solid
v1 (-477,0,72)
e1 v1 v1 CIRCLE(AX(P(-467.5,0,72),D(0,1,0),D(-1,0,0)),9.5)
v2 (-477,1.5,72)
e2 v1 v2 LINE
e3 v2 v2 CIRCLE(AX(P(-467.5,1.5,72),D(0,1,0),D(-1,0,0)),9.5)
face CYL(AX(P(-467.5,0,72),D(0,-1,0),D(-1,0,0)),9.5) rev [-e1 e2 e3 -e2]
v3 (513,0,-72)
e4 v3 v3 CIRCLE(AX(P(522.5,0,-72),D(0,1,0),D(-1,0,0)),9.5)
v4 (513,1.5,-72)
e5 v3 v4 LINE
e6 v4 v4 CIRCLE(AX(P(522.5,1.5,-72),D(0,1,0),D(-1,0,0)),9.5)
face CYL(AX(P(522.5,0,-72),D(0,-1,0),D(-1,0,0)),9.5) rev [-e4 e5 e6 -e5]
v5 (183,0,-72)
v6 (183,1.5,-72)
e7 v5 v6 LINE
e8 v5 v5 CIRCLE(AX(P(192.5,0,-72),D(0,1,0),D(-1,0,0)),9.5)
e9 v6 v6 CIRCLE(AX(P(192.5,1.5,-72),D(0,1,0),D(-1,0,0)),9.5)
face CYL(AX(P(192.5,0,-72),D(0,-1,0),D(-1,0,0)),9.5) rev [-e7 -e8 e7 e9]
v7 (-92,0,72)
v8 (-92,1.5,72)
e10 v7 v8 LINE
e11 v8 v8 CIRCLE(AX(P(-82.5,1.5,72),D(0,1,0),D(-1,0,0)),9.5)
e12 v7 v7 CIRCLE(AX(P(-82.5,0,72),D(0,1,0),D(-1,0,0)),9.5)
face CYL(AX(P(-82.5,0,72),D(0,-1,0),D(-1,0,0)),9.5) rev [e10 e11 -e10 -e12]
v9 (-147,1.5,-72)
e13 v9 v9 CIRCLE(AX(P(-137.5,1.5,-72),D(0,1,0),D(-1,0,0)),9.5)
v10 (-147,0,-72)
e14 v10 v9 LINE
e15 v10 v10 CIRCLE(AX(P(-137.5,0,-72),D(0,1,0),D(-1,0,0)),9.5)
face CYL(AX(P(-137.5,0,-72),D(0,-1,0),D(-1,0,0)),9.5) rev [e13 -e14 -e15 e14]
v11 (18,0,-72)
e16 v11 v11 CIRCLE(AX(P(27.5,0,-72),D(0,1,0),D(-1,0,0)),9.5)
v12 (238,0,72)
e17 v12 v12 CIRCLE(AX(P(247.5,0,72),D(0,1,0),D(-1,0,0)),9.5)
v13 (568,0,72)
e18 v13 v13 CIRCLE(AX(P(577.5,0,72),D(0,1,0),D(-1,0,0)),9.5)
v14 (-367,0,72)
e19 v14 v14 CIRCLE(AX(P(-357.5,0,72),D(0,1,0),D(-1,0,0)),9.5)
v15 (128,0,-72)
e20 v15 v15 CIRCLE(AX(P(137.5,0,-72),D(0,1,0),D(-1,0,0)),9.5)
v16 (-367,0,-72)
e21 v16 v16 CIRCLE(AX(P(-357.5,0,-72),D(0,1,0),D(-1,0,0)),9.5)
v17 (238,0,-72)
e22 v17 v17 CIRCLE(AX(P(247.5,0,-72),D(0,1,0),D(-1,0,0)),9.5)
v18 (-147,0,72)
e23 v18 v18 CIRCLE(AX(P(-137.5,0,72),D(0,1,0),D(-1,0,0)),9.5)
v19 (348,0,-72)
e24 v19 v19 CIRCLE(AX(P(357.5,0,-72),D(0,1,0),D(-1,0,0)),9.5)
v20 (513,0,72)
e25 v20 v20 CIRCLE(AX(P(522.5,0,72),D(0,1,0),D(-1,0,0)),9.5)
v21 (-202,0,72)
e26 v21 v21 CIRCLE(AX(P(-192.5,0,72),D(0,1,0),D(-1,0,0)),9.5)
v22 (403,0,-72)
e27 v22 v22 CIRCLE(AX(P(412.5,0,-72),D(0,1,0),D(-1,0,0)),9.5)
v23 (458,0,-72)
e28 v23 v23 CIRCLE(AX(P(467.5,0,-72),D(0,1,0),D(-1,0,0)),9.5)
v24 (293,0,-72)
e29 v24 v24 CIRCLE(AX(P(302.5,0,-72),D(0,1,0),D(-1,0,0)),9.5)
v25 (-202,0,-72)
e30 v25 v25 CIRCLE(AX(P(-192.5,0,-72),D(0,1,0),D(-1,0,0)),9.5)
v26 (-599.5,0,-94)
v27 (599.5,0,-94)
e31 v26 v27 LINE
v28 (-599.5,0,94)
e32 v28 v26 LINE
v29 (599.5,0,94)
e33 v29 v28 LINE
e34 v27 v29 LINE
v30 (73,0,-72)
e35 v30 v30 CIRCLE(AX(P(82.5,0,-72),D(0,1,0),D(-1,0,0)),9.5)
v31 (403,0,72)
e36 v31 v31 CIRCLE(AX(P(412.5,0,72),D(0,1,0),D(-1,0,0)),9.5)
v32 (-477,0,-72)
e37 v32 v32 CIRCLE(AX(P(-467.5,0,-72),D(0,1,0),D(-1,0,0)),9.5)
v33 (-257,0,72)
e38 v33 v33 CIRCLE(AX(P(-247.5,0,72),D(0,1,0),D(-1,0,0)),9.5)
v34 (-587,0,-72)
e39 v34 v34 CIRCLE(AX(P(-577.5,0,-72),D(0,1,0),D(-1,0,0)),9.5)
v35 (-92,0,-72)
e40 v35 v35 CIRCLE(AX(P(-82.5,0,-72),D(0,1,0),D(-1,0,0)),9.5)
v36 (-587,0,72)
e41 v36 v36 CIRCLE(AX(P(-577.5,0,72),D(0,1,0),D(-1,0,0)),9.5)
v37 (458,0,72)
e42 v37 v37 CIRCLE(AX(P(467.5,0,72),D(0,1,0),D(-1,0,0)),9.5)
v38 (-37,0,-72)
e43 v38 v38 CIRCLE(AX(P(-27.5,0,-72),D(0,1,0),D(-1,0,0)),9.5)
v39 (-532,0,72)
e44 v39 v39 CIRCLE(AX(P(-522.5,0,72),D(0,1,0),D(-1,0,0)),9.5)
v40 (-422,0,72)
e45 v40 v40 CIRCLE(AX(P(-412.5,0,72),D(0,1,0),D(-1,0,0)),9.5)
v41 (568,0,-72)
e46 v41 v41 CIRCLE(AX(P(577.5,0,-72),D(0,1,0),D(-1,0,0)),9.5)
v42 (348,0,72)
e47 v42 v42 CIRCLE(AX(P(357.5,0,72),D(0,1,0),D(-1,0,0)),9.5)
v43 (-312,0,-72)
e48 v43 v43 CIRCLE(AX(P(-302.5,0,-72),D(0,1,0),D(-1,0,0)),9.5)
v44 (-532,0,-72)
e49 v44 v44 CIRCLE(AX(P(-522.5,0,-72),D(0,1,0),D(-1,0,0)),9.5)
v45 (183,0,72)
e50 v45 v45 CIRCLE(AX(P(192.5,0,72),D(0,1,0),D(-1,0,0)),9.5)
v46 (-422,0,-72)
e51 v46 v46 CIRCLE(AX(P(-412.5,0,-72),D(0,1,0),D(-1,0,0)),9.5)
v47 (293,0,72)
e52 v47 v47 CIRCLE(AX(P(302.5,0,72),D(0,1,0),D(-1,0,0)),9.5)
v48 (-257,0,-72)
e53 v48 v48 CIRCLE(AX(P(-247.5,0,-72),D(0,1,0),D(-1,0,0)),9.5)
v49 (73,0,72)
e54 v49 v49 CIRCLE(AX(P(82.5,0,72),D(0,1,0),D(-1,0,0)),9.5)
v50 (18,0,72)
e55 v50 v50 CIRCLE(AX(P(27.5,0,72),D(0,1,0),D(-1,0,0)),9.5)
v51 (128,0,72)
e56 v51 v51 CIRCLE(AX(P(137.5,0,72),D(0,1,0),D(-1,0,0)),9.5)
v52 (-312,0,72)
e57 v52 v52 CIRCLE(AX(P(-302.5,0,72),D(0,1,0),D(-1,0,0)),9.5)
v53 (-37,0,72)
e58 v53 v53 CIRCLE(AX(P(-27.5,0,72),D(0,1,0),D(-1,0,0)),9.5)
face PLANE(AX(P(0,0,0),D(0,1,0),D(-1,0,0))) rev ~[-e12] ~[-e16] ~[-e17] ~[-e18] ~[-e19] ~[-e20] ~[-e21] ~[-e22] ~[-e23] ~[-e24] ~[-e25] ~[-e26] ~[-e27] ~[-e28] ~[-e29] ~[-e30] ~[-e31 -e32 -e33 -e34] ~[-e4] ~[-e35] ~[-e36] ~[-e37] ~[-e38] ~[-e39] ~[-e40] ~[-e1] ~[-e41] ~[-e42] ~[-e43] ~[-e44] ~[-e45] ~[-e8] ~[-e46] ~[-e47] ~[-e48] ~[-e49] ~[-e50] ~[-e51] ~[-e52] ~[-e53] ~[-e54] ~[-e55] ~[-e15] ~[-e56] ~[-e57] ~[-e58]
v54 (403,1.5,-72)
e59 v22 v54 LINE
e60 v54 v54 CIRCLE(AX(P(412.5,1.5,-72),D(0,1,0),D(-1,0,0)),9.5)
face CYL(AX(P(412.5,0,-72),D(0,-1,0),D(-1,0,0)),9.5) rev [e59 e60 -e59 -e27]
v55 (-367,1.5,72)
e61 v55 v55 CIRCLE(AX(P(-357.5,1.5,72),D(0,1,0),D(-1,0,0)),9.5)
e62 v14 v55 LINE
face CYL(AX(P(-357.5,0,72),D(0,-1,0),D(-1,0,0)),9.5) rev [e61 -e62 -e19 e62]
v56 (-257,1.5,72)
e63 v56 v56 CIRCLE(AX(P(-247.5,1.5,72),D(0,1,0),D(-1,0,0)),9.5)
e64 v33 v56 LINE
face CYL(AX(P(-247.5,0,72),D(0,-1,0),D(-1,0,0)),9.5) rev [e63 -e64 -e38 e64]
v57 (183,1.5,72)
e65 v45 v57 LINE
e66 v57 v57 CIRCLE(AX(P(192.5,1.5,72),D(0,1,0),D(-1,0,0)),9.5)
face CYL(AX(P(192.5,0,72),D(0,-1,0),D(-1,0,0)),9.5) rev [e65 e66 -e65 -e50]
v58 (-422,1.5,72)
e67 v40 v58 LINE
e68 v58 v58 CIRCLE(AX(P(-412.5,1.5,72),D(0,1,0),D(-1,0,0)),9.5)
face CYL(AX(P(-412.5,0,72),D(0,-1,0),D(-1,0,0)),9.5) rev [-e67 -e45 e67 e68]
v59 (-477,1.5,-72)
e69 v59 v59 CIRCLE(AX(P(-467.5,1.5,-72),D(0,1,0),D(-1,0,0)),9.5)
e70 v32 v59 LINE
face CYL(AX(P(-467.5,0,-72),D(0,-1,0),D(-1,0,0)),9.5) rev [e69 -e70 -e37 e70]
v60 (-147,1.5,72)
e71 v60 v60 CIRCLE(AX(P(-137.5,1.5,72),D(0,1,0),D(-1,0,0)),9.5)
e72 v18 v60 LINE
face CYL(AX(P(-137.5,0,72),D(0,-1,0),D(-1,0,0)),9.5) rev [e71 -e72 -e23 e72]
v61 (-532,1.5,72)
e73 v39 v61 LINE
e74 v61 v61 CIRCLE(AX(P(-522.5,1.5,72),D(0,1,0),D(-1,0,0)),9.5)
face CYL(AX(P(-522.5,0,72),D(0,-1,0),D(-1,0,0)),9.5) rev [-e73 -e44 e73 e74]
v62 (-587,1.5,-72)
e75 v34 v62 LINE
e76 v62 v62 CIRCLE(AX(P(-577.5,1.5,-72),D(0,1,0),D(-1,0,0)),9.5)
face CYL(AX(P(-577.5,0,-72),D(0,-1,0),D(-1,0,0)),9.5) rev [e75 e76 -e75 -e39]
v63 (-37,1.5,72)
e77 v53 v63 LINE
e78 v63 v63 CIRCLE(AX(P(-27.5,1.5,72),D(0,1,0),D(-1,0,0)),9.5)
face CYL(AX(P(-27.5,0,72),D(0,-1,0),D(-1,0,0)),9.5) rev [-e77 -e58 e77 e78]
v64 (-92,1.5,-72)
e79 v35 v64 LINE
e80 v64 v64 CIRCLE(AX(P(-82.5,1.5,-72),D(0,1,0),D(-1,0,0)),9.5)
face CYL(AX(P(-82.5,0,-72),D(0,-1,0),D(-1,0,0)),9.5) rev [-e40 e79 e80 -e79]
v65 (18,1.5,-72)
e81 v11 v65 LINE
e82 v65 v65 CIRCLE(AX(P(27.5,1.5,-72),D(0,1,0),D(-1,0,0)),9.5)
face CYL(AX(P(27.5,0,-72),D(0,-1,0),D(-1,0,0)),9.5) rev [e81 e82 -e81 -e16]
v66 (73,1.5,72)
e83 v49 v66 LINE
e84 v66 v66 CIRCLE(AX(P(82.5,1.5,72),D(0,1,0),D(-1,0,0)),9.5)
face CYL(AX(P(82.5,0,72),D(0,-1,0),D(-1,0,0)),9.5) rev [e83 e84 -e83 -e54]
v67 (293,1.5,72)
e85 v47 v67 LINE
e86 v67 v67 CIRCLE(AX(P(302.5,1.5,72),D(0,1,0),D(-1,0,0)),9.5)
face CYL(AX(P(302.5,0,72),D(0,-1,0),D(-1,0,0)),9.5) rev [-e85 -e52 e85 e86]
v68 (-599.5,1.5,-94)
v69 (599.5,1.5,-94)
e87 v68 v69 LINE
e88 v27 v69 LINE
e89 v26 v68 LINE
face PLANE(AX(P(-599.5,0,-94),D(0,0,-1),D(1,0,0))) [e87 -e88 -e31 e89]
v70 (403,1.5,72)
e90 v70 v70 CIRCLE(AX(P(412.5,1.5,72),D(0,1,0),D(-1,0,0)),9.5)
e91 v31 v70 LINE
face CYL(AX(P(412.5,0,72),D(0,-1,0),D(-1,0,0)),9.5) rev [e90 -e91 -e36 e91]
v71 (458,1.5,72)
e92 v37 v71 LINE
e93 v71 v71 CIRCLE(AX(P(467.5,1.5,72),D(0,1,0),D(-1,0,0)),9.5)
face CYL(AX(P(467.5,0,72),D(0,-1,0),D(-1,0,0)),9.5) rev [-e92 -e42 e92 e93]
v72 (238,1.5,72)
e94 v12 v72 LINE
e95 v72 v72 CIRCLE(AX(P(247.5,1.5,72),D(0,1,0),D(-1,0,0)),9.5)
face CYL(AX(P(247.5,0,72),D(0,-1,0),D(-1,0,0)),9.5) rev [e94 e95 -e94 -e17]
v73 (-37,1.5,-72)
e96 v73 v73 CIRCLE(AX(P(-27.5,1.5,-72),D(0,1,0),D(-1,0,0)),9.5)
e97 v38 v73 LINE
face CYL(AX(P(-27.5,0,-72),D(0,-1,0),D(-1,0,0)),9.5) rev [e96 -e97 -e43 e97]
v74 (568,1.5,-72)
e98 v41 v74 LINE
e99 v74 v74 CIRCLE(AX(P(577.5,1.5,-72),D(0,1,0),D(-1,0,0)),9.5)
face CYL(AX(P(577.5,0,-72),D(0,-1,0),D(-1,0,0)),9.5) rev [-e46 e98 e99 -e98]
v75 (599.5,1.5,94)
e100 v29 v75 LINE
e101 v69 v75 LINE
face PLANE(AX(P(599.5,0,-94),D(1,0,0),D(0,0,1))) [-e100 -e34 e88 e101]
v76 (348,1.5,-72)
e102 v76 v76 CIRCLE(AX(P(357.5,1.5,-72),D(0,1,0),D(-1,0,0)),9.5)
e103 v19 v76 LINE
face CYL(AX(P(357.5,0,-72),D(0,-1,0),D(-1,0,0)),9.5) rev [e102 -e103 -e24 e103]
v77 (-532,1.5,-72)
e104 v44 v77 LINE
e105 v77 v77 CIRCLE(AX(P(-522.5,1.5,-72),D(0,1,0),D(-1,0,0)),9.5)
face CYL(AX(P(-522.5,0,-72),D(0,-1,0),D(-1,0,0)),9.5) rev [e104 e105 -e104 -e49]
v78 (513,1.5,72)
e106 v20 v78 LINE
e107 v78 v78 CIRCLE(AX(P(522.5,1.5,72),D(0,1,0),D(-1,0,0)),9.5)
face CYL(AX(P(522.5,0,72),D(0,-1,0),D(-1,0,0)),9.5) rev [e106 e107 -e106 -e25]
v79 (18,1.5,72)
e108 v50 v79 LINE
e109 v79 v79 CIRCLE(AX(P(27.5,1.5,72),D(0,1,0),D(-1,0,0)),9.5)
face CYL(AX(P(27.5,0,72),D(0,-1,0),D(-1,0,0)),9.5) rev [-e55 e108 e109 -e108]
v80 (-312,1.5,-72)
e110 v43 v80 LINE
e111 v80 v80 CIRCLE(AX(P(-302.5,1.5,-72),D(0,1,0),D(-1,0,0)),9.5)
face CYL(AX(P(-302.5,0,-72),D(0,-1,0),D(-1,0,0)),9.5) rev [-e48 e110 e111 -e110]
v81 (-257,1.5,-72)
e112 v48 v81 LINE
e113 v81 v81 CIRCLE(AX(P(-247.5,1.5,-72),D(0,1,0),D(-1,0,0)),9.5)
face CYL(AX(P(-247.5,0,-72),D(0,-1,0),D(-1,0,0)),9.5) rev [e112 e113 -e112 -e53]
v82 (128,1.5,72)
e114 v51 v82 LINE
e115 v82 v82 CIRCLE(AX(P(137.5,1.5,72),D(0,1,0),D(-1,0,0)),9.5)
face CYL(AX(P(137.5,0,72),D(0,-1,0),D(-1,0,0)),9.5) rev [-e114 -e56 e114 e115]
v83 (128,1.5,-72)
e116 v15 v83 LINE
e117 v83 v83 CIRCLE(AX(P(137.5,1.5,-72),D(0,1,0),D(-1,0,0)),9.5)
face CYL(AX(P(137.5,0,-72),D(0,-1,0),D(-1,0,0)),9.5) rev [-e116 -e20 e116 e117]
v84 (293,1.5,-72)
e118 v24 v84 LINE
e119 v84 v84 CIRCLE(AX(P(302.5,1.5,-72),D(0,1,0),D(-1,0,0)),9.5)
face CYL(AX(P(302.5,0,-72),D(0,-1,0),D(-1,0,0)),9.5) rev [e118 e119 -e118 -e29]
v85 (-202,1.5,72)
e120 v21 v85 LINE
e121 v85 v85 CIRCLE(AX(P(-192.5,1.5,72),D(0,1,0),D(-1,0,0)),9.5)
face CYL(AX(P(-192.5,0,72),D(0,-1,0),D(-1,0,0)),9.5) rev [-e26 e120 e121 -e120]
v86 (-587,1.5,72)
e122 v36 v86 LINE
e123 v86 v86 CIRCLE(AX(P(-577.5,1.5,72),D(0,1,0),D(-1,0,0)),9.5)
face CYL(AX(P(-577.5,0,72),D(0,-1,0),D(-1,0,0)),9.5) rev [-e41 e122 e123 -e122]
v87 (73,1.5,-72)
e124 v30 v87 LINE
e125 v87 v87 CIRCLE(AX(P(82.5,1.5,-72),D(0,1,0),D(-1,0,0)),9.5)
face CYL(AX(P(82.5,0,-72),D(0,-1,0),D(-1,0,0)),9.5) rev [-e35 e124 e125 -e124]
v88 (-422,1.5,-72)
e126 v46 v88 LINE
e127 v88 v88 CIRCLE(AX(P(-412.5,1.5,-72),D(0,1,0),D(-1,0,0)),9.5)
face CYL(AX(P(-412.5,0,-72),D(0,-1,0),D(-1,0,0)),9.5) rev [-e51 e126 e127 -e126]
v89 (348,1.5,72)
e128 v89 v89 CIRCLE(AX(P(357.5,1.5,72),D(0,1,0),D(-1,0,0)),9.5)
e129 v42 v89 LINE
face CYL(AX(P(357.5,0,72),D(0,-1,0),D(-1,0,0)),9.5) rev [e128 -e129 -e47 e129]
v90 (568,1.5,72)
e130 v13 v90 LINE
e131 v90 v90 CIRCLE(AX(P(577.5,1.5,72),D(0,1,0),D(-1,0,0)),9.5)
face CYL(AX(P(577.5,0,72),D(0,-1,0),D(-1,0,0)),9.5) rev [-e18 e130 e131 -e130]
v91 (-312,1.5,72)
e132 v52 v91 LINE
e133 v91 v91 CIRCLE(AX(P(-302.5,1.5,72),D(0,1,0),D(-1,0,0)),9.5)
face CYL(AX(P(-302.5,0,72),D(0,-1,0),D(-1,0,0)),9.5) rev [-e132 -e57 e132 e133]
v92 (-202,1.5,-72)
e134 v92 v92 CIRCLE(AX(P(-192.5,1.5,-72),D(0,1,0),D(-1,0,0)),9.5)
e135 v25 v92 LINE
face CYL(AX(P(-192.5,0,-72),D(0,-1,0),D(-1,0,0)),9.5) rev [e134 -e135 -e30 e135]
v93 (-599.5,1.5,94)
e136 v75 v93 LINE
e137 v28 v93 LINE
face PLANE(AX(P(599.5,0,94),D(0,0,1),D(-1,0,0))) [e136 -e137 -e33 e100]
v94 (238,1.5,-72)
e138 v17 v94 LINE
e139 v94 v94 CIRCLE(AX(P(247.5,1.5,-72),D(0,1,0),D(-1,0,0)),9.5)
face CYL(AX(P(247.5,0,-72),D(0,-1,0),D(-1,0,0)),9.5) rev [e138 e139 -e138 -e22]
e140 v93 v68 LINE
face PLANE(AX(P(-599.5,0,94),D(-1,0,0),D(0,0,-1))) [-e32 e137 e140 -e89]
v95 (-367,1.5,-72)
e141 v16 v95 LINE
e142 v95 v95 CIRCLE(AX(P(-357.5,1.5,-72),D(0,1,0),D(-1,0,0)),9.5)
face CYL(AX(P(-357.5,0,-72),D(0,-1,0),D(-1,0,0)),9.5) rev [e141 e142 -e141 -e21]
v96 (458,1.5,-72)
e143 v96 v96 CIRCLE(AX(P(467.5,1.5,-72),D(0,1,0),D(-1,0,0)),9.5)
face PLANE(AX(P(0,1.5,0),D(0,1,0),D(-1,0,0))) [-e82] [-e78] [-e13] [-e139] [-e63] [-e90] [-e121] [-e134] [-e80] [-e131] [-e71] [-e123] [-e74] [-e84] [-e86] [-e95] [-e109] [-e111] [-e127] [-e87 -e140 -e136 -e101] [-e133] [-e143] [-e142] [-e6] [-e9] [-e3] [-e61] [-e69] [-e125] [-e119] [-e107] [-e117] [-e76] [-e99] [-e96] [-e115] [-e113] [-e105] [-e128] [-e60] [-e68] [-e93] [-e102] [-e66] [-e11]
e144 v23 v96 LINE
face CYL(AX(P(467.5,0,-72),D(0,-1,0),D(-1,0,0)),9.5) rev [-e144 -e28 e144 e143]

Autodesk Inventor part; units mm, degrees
ref_plane "YZ Plane" through (0, 0, 0) normal (1, 0, 0) x (0, 1, 0)
ref_plane "XZ Plane" through (0, 0, 0) normal (0, 1, 0) x (-1, 0, 0)
ref_plane "XY Plane" through (0, 0, 0) normal (0, 0, 1) x (1, 0, 0)
sketch "Foam Scheme" plane through (0, 0, 0) normal (0, 1, 0) x (-1, 0, 0)
  line L0 (599.5, -94) -> (-599.5, -94)
  line L1 (-599.5, -94) -> (-599.5, 94)
  line L2 (-599.5, 94) -> (599.5, 94)
  line L3 (599.5, 94) -> (599.5, -94)
  circle A0 centre (577.5, -72) radius 9.5
  circle A1 centre (522.5, -72) radius 9.5
  circle A2 centre (467.5, -72) radius 9.5
  circle A3 centre (412.5, -72) radius 9.5
  circle A4 centre (357.5, -72) radius 9.5
  circle A5 centre (302.5, -72) radius 9.5
  circle A6 centre (247.5, -72) radius 9.5
  circle A7 centre (192.5, -72) radius 9.5
  circle A8 centre (137.5, -72) radius 9.5
  circle A9 centre (82.5, -72) radius 9.5
  circle A10 centre (27.5, -72) radius 9.5
  circle A11 centre (-27.5, -72) radius 9.5
  circle A12 centre (-82.5, -72) radius 9.5
  circle A13 centre (-137.5, -72) radius 9.5
  circle A14 centre (-192.5, -72) radius 9.5
  circle A15 centre (-247.5, -72) radius 9.5
  circle A16 centre (-302.5, -72) radius 9.5
  circle A17 centre (-357.5, -72) radius 9.5
  circle A18 centre (577.5, 72) radius 9.5
  circle A19 centre (522.5, 72) radius 9.5
  circle A20 centre (467.5, 72) radius 9.5
  circle A21 centre (412.5, 72) radius 9.5
  circle A22 centre (357.5, 72) radius 9.5
  circle A23 centre (302.5, 72) radius 9.5
  circle A24 centre (247.5, 72) radius 9.5
  circle A25 centre (192.5, 72) radius 9.5
  circle A26 centre (137.5, 72) radius 9.5
  circle A27 centre (82.5, 72) radius 9.5
  circle A28 centre (27.5, 72) radius 9.5
  circle A29 centre (-27.5, 72) radius 9.5
  circle A30 centre (-82.5, 72) radius 9.5
  circle A31 centre (-137.5, 72) radius 9.5
  circle A32 centre (-192.5, 72) radius 9.5
  circle A33 centre (-247.5, 72) radius 9.5
  circle A34 centre (-302.5, 72) radius 9.5
  circle A35 centre (-357.5, 72) radius 9.5
  circle A36 centre (-412.5, -72) radius 9.5
  circle A37 centre (-412.5, 72) radius 9.5
  circle A38 centre (-467.5, -72) radius 9.5
  circle A39 centre (-467.5, 72) radius 9.5
  circle A40 centre (-522.5, -72) radius 9.5
  circle A41 centre (-522.5, 72) radius 9.5
  circle A42 centre (-577.5, -72) radius 9.5
  circle A43 centre (-577.5, 72) radius 9.5
  point P0 (0, 0)
  dimension "d0" = 1199
  dimension "d1" = 599.5
  dimension "d2" = 188
  dimension "d3" = 94
  dimension "d4" = 19
  dimension "d5" = 22
  dimension "d6" = 22
  dimension "d9" = 55
  dimension "d12" = 144
extrude "Foam Body" add sketch "Foam Scheme" along normal blind 1.5
equation "\"d1\" = 0.5 * d0"
equation "\"d3\" = 0.5 * d2"
properties part number "Foam NPS 10" material "Rubber, Silicone"
